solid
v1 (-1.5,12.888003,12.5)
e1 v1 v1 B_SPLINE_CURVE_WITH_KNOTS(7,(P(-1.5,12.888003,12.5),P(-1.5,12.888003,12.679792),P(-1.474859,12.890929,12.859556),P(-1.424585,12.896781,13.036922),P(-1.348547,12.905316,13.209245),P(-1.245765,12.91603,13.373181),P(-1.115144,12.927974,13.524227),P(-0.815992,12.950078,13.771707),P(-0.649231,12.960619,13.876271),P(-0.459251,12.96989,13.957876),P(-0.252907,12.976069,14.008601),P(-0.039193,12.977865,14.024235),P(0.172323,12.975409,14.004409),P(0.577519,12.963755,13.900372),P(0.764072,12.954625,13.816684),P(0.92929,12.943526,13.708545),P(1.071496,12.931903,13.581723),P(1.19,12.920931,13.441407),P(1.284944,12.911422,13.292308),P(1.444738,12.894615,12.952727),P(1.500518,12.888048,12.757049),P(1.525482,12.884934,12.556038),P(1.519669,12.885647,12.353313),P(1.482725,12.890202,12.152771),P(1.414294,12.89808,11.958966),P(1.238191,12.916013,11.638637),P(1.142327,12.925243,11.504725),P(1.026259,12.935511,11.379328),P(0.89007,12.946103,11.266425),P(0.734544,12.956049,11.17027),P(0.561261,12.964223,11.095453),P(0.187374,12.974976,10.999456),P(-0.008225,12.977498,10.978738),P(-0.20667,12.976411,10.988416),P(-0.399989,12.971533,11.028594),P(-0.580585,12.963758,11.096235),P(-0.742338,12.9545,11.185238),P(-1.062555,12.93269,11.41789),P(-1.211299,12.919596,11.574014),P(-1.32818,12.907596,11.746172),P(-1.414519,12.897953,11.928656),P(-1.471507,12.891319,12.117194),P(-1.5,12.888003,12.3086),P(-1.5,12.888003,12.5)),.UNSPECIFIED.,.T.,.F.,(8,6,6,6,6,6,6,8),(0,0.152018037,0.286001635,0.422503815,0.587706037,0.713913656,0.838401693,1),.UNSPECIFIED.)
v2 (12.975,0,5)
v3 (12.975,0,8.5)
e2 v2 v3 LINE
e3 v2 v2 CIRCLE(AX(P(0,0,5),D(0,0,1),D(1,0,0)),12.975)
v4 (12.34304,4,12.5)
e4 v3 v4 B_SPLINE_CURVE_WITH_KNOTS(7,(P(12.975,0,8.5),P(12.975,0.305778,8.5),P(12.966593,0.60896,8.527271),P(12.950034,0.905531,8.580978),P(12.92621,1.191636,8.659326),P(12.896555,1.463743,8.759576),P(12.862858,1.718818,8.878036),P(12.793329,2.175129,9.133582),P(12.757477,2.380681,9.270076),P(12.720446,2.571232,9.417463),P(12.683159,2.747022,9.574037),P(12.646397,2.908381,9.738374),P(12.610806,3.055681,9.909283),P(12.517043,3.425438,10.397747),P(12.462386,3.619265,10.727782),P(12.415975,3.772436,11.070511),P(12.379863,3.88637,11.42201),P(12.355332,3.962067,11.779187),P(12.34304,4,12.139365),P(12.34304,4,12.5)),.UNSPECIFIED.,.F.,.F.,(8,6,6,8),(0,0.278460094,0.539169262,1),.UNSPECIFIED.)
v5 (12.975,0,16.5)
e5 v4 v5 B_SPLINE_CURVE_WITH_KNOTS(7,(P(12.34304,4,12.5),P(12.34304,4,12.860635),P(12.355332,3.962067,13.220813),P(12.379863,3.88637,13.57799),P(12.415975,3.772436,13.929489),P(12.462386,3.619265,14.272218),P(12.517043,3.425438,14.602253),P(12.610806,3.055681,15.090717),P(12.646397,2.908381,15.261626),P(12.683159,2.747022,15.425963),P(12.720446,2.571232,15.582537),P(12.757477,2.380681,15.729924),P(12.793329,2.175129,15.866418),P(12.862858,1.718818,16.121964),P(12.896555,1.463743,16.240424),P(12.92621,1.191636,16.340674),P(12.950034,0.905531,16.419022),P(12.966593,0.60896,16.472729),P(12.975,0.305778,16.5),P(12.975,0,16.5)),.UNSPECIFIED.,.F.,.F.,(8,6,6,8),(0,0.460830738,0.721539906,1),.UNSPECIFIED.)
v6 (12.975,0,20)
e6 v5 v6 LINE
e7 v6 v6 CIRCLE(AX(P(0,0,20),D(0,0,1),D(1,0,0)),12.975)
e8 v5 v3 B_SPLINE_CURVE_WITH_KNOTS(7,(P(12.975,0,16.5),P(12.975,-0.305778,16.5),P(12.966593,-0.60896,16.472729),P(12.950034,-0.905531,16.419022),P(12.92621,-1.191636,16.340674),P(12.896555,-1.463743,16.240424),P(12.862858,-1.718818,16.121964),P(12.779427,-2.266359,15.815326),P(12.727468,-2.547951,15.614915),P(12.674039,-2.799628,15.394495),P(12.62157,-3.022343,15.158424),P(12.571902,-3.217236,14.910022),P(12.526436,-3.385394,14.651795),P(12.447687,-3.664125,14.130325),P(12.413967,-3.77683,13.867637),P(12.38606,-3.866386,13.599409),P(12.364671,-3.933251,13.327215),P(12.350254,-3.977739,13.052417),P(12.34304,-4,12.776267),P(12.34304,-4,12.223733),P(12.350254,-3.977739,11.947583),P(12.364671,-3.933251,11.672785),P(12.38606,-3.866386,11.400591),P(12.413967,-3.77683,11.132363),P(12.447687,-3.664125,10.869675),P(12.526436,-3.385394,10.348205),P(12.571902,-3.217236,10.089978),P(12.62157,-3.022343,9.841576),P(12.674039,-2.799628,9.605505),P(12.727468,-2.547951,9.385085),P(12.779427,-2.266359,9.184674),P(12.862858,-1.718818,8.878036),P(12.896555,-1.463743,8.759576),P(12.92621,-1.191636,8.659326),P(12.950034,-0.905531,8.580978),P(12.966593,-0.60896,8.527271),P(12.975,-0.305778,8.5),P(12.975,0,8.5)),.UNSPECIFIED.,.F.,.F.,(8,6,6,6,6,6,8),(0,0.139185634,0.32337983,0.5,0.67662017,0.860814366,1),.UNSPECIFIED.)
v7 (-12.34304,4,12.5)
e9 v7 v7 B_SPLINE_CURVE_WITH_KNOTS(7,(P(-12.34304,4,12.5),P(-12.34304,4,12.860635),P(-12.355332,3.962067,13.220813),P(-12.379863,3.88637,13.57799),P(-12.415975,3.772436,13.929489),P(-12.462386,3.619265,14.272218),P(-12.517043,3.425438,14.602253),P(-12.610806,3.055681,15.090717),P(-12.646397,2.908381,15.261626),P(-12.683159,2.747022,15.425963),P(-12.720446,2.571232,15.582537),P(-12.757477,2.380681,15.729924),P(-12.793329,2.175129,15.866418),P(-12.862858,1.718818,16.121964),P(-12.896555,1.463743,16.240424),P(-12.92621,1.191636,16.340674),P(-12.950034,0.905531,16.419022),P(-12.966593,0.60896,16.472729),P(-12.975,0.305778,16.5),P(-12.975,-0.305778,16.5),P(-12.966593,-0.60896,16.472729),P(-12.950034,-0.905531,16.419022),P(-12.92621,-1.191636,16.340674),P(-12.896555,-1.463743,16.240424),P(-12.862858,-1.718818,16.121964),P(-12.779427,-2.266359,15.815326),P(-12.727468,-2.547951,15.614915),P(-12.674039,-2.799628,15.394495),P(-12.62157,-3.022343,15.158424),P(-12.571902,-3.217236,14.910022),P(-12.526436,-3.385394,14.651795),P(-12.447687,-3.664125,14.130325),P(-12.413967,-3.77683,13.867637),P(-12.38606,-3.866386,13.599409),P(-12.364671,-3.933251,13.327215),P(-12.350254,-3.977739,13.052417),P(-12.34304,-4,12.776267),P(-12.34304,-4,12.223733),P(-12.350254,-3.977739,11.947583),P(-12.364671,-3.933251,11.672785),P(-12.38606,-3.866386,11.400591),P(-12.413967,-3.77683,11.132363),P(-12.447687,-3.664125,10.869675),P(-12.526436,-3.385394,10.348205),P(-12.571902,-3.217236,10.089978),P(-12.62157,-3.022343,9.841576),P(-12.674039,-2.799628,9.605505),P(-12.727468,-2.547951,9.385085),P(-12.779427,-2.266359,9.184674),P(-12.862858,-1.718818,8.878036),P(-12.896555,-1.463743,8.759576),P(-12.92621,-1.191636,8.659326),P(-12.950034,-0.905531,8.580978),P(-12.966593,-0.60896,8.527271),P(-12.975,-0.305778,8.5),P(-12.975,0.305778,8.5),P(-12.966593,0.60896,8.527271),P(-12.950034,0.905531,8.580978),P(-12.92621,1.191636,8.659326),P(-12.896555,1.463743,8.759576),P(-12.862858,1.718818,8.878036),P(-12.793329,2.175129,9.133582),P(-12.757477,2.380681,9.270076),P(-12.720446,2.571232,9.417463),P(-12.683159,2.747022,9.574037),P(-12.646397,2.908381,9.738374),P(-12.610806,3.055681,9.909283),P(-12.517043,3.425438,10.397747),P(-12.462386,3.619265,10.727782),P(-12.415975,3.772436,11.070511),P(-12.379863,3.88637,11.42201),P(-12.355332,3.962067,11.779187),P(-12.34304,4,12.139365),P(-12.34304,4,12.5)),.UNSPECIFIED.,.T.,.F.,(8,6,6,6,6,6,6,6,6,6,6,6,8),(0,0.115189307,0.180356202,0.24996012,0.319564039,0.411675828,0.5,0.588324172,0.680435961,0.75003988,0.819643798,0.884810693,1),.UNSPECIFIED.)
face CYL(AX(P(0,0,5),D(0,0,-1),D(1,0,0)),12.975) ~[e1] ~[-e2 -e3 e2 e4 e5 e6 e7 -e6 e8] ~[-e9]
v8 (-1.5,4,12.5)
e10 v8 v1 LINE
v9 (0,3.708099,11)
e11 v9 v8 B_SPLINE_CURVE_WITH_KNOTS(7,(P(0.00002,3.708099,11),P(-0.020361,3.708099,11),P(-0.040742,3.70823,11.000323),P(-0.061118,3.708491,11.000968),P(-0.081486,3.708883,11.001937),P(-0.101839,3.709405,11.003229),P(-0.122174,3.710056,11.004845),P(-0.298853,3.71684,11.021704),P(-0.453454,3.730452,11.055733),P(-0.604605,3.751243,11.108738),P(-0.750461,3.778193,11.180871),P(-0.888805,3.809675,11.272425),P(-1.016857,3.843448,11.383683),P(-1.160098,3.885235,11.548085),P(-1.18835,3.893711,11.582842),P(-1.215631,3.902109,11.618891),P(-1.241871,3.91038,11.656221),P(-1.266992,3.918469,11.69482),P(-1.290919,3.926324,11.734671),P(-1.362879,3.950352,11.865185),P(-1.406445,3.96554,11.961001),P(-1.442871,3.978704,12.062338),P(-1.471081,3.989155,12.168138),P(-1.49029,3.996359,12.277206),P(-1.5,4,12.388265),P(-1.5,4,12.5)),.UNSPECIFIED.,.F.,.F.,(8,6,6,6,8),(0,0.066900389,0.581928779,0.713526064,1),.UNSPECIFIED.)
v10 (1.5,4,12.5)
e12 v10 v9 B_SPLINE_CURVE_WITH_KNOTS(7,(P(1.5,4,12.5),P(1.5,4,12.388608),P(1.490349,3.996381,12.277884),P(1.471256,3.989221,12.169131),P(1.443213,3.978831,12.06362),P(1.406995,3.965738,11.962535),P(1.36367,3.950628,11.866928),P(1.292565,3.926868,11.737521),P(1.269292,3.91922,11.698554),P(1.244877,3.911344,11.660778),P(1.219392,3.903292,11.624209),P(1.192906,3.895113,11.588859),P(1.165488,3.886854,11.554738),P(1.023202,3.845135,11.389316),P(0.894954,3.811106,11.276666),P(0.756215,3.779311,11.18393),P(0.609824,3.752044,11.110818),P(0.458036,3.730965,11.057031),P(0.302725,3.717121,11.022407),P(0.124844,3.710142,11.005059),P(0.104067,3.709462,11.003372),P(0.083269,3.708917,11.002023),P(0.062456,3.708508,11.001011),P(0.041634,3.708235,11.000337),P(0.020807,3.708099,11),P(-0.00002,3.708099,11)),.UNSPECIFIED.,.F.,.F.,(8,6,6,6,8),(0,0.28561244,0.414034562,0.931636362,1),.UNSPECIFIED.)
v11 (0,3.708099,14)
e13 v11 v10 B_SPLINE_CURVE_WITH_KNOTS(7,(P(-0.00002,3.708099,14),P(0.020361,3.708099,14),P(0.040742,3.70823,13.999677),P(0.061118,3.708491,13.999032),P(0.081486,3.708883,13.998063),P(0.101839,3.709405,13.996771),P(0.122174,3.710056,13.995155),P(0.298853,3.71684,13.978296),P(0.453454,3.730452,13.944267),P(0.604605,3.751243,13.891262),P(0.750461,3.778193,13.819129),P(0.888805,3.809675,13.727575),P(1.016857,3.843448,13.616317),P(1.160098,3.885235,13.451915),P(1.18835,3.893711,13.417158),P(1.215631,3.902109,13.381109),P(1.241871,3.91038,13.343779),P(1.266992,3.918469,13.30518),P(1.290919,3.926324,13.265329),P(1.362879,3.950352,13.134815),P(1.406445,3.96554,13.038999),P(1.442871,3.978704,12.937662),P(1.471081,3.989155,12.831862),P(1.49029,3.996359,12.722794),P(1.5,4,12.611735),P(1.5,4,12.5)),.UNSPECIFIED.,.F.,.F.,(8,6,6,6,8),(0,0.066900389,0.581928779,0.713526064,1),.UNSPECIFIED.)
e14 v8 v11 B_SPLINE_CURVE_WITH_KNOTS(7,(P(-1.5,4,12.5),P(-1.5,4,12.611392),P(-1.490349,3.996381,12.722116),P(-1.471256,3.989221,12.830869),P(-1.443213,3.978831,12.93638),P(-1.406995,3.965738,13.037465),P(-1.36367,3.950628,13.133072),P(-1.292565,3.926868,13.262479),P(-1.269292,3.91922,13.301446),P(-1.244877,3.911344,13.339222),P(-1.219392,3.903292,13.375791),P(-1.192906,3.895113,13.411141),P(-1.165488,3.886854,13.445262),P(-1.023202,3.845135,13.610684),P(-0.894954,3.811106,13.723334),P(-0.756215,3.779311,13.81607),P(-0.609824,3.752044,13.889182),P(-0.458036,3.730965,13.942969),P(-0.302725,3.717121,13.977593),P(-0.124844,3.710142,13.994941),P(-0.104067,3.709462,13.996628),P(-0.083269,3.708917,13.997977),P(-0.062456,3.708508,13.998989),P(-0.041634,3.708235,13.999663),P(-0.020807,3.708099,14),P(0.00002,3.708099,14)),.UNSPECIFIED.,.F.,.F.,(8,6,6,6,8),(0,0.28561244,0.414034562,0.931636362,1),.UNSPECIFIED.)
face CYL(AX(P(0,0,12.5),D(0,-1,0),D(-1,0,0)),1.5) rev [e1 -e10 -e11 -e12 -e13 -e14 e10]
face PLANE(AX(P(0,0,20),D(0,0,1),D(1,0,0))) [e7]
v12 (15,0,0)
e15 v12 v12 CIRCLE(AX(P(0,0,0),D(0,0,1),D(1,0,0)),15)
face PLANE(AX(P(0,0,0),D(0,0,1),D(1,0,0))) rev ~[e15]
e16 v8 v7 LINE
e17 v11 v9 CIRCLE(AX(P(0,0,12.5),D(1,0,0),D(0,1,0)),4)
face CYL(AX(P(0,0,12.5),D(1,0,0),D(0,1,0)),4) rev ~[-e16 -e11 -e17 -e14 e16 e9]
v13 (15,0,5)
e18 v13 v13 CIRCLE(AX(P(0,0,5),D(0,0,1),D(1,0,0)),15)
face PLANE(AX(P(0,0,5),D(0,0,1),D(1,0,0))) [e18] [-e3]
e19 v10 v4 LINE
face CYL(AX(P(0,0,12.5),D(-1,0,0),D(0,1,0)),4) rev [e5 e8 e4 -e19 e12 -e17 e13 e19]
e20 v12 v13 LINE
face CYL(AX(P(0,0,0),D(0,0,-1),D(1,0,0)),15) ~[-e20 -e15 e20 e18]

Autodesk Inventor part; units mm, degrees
ref_plane "YZ Plane" through (0, 0, 0) normal (1, 0, 0) x (0, 1, 0)
ref_plane "XZ Plane" through (0, 0, 0) normal (0, 1, 0) x (-1, 0, 0)
ref_plane "XY Plane" through (0, 0, 0) normal (0, 0, 1) x (1, 0, 0)
sketch "Szkic1" plane through (0, 0, 0) normal (0, 0, 1) x (1, 0, 0)
  circle A0 centre (0, 0) radius 15
  dimension "d0" = 30
extrude "Wyciągnięcie proste1" add sketch "Szkic1" along normal blind 5
sketch "Szkic2" plane through (0, 0, 5) normal (0, 0, 1) x (1, 0, 0)
  circle A0 centre (0, 0) radius 12.975
  dimension "d3" = 25.95
extrude "Wyciągnięcie proste2" add sketch "Szkic2" along normal blind 15
sketch "Szkic3" plane through (0, 0, 0) normal (0, 1, 0) x (-1, 0, 0)
  circle A0 centre (0, 12.5) radius 1.5
  point P0 (0, 0)
  dimension "d6" = 3
extrude "Wyciągnięcie proste3" cut sketch "Szkic3" along normal blind 20
thread "Gwint1" size "M3x0.5" class "6H" standard "ANSI Metric M Profile" full length
sketch "Szkic4" plane through (0, 0, 0) normal (1, 0, 0) x (0, 1, 0)
  line L0 (0, 14) -> (0, 11) projected
  circle A0 centre (0, 12.5) radius 4
  point P0 (0, 0)
  dimension "d11" = 8
extrude "Wyciągnięcie proste4" cut sketch "Szkic4" along normal mid plane 35
properties part number "koncowka-wala" material "Aluminium 6061"
